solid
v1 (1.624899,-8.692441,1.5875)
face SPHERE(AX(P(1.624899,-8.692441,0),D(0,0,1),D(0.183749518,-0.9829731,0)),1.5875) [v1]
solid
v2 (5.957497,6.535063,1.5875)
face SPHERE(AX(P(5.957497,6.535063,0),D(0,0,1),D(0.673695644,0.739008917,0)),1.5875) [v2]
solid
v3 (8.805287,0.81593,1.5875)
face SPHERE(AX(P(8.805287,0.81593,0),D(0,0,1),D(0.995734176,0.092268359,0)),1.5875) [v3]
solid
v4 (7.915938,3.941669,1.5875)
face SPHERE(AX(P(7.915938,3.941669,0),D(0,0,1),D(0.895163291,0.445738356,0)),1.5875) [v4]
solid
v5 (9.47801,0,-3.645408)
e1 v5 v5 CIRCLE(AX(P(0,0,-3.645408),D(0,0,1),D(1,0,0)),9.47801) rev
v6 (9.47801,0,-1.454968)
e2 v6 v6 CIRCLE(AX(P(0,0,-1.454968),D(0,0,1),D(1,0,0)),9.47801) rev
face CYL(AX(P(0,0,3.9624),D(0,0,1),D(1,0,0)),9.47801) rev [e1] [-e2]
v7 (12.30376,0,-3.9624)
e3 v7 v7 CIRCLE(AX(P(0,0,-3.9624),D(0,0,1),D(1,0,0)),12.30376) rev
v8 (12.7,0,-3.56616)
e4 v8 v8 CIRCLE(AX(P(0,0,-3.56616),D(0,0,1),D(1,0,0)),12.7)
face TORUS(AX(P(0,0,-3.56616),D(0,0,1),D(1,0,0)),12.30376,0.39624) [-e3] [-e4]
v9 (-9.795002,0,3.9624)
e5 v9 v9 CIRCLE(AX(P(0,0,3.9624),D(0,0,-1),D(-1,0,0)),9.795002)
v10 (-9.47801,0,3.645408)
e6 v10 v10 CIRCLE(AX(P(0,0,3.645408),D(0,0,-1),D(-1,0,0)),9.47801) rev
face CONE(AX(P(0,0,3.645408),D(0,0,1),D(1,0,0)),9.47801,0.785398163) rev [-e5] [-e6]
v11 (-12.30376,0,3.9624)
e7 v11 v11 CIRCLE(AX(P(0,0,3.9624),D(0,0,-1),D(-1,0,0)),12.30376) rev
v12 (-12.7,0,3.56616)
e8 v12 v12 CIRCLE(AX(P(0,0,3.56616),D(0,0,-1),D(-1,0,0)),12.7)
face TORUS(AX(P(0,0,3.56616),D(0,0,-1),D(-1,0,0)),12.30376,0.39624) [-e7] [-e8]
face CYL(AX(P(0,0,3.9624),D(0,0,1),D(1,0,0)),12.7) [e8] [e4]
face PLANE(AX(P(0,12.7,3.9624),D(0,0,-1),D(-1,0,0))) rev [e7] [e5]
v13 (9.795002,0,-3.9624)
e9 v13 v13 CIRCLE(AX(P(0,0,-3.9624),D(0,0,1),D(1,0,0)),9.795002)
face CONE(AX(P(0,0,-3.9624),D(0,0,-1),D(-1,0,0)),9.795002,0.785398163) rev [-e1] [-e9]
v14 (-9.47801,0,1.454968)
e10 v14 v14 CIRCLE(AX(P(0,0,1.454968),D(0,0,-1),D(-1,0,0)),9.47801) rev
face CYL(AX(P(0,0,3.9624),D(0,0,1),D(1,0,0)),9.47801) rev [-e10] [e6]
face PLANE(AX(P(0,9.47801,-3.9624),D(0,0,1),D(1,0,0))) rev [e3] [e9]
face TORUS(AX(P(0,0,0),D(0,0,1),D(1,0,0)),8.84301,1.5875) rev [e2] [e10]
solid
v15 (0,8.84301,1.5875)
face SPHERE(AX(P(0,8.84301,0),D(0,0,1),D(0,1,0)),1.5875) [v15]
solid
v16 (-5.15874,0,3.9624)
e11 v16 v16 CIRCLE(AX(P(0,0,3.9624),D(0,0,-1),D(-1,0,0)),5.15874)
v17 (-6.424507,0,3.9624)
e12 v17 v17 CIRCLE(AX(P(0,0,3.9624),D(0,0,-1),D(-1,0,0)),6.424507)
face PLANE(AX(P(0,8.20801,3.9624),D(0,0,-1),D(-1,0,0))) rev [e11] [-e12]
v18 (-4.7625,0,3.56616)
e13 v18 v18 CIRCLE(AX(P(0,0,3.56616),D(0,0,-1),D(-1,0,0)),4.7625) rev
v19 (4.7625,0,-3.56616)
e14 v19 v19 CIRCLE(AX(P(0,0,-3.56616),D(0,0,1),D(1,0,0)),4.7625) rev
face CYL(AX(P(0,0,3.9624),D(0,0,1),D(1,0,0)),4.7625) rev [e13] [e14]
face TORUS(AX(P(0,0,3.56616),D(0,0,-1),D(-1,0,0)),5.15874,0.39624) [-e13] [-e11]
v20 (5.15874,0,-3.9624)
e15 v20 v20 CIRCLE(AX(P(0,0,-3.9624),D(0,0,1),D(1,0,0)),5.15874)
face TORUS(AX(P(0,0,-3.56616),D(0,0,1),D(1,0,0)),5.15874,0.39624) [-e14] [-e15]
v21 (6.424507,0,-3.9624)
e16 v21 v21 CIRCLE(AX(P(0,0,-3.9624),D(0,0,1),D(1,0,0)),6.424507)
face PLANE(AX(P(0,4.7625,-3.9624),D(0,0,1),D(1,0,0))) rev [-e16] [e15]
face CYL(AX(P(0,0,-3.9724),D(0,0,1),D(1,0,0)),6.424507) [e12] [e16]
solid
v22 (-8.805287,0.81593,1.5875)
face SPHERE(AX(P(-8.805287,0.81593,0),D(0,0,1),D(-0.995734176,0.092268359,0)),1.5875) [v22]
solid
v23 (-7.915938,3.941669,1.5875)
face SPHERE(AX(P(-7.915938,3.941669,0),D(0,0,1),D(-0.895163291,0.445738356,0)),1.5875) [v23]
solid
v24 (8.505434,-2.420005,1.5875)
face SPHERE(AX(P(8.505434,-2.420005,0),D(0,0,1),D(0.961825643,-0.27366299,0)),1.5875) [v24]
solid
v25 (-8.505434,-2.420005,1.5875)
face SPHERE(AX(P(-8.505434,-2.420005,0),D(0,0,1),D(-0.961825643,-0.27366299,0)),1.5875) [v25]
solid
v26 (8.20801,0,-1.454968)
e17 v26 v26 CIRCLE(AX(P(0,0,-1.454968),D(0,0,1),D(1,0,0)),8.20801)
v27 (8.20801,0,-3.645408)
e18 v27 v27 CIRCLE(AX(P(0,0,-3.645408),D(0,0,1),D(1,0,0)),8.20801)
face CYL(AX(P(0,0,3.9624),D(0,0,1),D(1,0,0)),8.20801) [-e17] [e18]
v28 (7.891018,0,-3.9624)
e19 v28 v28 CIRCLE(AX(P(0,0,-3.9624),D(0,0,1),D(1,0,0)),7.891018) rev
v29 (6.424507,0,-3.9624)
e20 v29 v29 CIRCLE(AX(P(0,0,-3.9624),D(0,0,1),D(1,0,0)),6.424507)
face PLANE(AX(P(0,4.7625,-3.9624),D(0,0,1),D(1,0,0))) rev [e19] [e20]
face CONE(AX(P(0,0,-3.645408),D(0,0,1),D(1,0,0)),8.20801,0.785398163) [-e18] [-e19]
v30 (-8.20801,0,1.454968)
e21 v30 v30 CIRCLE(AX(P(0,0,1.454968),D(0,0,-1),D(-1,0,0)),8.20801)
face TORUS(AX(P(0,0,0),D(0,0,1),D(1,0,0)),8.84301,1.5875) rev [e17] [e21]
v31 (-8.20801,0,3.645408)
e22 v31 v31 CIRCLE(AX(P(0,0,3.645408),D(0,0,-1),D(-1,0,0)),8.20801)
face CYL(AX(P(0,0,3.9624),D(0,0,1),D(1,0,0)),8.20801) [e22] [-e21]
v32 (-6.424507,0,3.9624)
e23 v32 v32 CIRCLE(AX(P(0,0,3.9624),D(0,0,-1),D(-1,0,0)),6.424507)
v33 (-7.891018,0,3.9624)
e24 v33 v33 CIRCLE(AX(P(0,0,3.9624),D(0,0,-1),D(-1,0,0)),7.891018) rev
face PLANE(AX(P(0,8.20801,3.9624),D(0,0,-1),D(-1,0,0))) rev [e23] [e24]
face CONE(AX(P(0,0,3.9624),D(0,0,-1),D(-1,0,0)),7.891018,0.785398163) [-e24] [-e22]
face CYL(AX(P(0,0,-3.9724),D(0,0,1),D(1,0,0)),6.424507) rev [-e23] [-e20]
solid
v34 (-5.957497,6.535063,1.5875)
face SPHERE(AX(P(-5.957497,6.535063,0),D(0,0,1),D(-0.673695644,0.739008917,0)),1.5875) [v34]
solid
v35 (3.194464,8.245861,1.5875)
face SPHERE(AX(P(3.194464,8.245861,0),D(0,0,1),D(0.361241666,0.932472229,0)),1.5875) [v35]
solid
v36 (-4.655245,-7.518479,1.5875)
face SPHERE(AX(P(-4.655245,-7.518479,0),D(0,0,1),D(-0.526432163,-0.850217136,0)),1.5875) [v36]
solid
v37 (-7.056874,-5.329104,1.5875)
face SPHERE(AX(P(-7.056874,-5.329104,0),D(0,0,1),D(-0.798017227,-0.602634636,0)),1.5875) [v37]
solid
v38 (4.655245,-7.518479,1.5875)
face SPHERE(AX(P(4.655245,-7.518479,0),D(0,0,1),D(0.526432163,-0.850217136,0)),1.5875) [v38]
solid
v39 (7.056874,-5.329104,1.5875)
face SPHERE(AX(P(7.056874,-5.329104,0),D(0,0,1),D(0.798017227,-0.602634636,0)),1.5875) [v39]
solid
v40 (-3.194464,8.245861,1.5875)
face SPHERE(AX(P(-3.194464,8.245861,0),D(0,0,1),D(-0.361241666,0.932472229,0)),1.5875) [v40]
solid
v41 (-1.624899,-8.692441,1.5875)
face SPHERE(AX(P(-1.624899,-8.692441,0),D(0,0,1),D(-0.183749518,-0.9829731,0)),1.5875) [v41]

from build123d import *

# Parameters (mm, degrees)
SKETCH3_W              = 7.9248
SKETCH3_H              = 3.44551
SKETCH3_H_2            = 3.22199
SKETCH4_R              = 1.5875
CIRPATTERN1_COUNT      = 17
FILLET1_R              = 0.39624
FILLET2_R              = 0.39624
CHAMFER1_SIZE          = 0.316992
CHAMFER2_SIZE          = 0.316992
SPLIT1_SURFACE_1_BACK  = 37.785
SPLIT1_SURFACE_1_DEPTH = 75.57
SPLIT1_SURFACE_2_BACK  = 37.785
SPLIT1_SURFACE_2_DEPTH = 75.57


with BuildPart() as part:
    # Sketch3 → Revolve2 (revolve)
    with BuildSketch(Plane(origin=(0, 0, 0), x_dir=(0, 0, -1), z_dir=(1, 0, 0)), mode=Mode.PRIVATE) as revolve2_sk:
        with Locations((0, 6.485255)):
            Rectangle(SKETCH3_W, SKETCH3_H)
        with Locations((0, 11.089005)):
            Rectangle(SKETCH3_W, SKETCH3_H_2)
    revolve(revolve2_sk.sketch.rotate(Axis((0, 0, 3.9624), (0, 0, -1)), 90), axis=Axis((0, 0, 3.9624), (0, 0, -1)))

    # Sketch4 → Cut-Revolve1 (revolve, cut)
    with BuildSketch(Plane(origin=(0, 0, 0), x_dir=(0, 0, -1), z_dir=(1, 0, 0)), mode=Mode.PRIVATE) as cut_revolve1_sk:
        with Locations((0, 8.84301)):
            Circle(SKETCH4_R)
    revolve(cut_revolve1_sk.sketch.rotate(Axis((0, 0, 3.9624), (0, 0, -1)), 90), axis=Axis((0, 0, 3.9624), (0, 0, -1)), mode=Mode.SUBTRACT)

    # Fillet1
    fillet1_edges = [part.edges().sort_by_distance(p)[0] for p in [
        (-12.7, 0, -3.9624),
        (-12.7, 0, 3.9624),
    ]]
    fillet(fillet1_edges, radius=FILLET1_R)

    # Fillet2
    fillet2_edges = [part.edges().sort_by_distance(p)[0] for p in [
        (-4.7625, 0, 3.9624),
        (-4.7625, 0, -3.9624),
    ]]
    fillet(fillet2_edges, radius=FILLET2_R)

    # Chamfer1
    chamfer1_edges = [part.edges().sort_by_distance(p)[0] for p in [
        (-9.47801, 0, -3.9624),
        (-9.47801, 0, 3.9624),
    ]]
    chamfer(chamfer1_edges, length=CHAMFER1_SIZE)

    # Chamfer2
    chamfer2_edges = [part.edges().sort_by_distance(p)[0] for p in [
        (-8.20801, 0, 3.9624),
        (-8.20801, 0, -3.9624),
    ]]
    chamfer(chamfer2_edges, length=CHAMFER2_SIZE)


with BuildPart() as body_2:
    # Sketch5 → Revolve3 (revolve)
    with BuildSketch(Plane(origin=(0, 0, 0), x_dir=(0, 0, -1), z_dir=(1, 0, 0))):
        with BuildLine():
            Line((-1.5875, 8.84301), (1.5875, 8.84301))
            ThreePointArc((1.5875, 8.84301), (0, 10.43051), (-1.5875, 8.84301))
        make_face()
    revolve(axis=Axis((0, 8.84301, 1.5875), (0, 0, -1)))


with BuildPart() as cirpattern1_1:
    # CirPattern1: pattern copy
    add(body_2.part.rotate(Axis((0, 0, 0), (0, 0, 1)), 1 * 360 / CIRPATTERN1_COUNT))


with BuildPart() as cirpattern1_2:
    # CirPattern1: pattern copy
    add(body_2.part.rotate(Axis((0, 0, 0), (0, 0, 1)), 2 * 360 / CIRPATTERN1_COUNT))


with BuildPart() as cirpattern1_3:
    # CirPattern1: pattern copy
    add(body_2.part.rotate(Axis((0, 0, 0), (0, 0, 1)), 3 * 360 / CIRPATTERN1_COUNT))


with BuildPart() as cirpattern1_4:
    # CirPattern1: pattern copy
    add(body_2.part.rotate(Axis((0, 0, 0), (0, 0, 1)), 4 * 360 / CIRPATTERN1_COUNT))


with BuildPart() as cirpattern1_5:
    # CirPattern1: pattern copy
    add(body_2.part.rotate(Axis((0, 0, 0), (0, 0, 1)), 5 * 360 / CIRPATTERN1_COUNT))


with BuildPart() as cirpattern1_6:
    # CirPattern1: pattern copy
    add(body_2.part.rotate(Axis((0, 0, 0), (0, 0, 1)), 6 * 360 / CIRPATTERN1_COUNT))


with BuildPart() as cirpattern1_7:
    # CirPattern1: pattern copy
    add(body_2.part.rotate(Axis((0, 0, 0), (0, 0, 1)), 7 * 360 / CIRPATTERN1_COUNT))


with BuildPart() as cirpattern1_8:
    # CirPattern1: pattern copy
    add(body_2.part.rotate(Axis((0, 0, 0), (0, 0, 1)), 8 * 360 / CIRPATTERN1_COUNT))


with BuildPart() as cirpattern1_9:
    # CirPattern1: pattern copy
    add(body_2.part.rotate(Axis((0, 0, 0), (0, 0, 1)), 9 * 360 / CIRPATTERN1_COUNT))


with BuildPart() as cirpattern1_10:
    # CirPattern1: pattern copy
    add(body_2.part.rotate(Axis((0, 0, 0), (0, 0, 1)), 10 * 360 / CIRPATTERN1_COUNT))


with BuildPart() as cirpattern1_11:
    # CirPattern1: pattern copy
    add(body_2.part.rotate(Axis((0, 0, 0), (0, 0, 1)), 11 * 360 / CIRPATTERN1_COUNT))


with BuildPart() as cirpattern1_12:
    # CirPattern1: pattern copy
    add(body_2.part.rotate(Axis((0, 0, 0), (0, 0, 1)), 12 * 360 / CIRPATTERN1_COUNT))


with BuildPart() as cirpattern1_13:
    # CirPattern1: pattern copy
    add(body_2.part.rotate(Axis((0, 0, 0), (0, 0, 1)), 13 * 360 / CIRPATTERN1_COUNT))


with BuildPart() as cirpattern1_14:
    # CirPattern1: pattern copy
    add(body_2.part.rotate(Axis((0, 0, 0), (0, 0, 1)), 14 * 360 / CIRPATTERN1_COUNT))


with BuildPart() as cirpattern1_15:
    # CirPattern1: pattern copy
    add(body_2.part.rotate(Axis((0, 0, 0), (0, 0, 1)), 15 * 360 / CIRPATTERN1_COUNT))


with BuildPart() as cirpattern1_16:
    # CirPattern1: pattern copy
    add(body_2.part.rotate(Axis((0, 0, 0), (0, 0, 1)), 16 * 360 / CIRPATTERN1_COUNT))


with BuildPart() as body_19:
    # Split1: the piece behind the surface
    add(part.part)
    # Split1 surface: a surface, the sketch's curves swept straight by 75.57 mm
    with BuildLine(Plane.XY.offset(-SPLIT1_SURFACE_1_BACK), mode=Mode.PRIVATE) as split1_surface_1_path:
        CenterArc((0, 0), 6.424506667, 0, 360)
    split1_surface_1 = Shell.extrude(split1_surface_1_path.wire(), (0 * SPLIT1_SURFACE_1_DEPTH, 0 * SPLIT1_SURFACE_1_DEPTH, 1 * SPLIT1_SURFACE_1_DEPTH))
    split(bisect_by=split1_surface_1, keep=Keep.BOTTOM)


with BuildPart() as part_1:
    add(part.part)

    # Split1: split by a surface, the side it looks to stays
    # Split1 surface: a surface, the sketch's curves swept straight by 75.57 mm
    with BuildLine(Plane.XY.offset(-SPLIT1_SURFACE_2_BACK), mode=Mode.PRIVATE) as split1_surface_2_path:
        CenterArc((0, 0), 6.424506667, 0, 360)
    split1_surface_2 = Shell.extrude(split1_surface_2_path.wire(), (0 * SPLIT1_SURFACE_2_DEPTH, 0 * SPLIT1_SURFACE_2_DEPTH, 1 * SPLIT1_SURFACE_2_DEPTH))
    split(bisect_by=split1_surface_2, keep=Keep.TOP)


solid = Compound([body_2.part, cirpattern1_1.part, cirpattern1_2.part, cirpattern1_3.part, cirpattern1_4.part, cirpattern1_5.part, cirpattern1_6.part, cirpattern1_7.part, cirpattern1_8.part, cirpattern1_9.part, cirpattern1_10.part, cirpattern1_11.part, cirpattern1_12.part, cirpattern1_13.part, cirpattern1_14.part, cirpattern1_15.part, cirpattern1_16.part, body_19.part, part_1.part])
